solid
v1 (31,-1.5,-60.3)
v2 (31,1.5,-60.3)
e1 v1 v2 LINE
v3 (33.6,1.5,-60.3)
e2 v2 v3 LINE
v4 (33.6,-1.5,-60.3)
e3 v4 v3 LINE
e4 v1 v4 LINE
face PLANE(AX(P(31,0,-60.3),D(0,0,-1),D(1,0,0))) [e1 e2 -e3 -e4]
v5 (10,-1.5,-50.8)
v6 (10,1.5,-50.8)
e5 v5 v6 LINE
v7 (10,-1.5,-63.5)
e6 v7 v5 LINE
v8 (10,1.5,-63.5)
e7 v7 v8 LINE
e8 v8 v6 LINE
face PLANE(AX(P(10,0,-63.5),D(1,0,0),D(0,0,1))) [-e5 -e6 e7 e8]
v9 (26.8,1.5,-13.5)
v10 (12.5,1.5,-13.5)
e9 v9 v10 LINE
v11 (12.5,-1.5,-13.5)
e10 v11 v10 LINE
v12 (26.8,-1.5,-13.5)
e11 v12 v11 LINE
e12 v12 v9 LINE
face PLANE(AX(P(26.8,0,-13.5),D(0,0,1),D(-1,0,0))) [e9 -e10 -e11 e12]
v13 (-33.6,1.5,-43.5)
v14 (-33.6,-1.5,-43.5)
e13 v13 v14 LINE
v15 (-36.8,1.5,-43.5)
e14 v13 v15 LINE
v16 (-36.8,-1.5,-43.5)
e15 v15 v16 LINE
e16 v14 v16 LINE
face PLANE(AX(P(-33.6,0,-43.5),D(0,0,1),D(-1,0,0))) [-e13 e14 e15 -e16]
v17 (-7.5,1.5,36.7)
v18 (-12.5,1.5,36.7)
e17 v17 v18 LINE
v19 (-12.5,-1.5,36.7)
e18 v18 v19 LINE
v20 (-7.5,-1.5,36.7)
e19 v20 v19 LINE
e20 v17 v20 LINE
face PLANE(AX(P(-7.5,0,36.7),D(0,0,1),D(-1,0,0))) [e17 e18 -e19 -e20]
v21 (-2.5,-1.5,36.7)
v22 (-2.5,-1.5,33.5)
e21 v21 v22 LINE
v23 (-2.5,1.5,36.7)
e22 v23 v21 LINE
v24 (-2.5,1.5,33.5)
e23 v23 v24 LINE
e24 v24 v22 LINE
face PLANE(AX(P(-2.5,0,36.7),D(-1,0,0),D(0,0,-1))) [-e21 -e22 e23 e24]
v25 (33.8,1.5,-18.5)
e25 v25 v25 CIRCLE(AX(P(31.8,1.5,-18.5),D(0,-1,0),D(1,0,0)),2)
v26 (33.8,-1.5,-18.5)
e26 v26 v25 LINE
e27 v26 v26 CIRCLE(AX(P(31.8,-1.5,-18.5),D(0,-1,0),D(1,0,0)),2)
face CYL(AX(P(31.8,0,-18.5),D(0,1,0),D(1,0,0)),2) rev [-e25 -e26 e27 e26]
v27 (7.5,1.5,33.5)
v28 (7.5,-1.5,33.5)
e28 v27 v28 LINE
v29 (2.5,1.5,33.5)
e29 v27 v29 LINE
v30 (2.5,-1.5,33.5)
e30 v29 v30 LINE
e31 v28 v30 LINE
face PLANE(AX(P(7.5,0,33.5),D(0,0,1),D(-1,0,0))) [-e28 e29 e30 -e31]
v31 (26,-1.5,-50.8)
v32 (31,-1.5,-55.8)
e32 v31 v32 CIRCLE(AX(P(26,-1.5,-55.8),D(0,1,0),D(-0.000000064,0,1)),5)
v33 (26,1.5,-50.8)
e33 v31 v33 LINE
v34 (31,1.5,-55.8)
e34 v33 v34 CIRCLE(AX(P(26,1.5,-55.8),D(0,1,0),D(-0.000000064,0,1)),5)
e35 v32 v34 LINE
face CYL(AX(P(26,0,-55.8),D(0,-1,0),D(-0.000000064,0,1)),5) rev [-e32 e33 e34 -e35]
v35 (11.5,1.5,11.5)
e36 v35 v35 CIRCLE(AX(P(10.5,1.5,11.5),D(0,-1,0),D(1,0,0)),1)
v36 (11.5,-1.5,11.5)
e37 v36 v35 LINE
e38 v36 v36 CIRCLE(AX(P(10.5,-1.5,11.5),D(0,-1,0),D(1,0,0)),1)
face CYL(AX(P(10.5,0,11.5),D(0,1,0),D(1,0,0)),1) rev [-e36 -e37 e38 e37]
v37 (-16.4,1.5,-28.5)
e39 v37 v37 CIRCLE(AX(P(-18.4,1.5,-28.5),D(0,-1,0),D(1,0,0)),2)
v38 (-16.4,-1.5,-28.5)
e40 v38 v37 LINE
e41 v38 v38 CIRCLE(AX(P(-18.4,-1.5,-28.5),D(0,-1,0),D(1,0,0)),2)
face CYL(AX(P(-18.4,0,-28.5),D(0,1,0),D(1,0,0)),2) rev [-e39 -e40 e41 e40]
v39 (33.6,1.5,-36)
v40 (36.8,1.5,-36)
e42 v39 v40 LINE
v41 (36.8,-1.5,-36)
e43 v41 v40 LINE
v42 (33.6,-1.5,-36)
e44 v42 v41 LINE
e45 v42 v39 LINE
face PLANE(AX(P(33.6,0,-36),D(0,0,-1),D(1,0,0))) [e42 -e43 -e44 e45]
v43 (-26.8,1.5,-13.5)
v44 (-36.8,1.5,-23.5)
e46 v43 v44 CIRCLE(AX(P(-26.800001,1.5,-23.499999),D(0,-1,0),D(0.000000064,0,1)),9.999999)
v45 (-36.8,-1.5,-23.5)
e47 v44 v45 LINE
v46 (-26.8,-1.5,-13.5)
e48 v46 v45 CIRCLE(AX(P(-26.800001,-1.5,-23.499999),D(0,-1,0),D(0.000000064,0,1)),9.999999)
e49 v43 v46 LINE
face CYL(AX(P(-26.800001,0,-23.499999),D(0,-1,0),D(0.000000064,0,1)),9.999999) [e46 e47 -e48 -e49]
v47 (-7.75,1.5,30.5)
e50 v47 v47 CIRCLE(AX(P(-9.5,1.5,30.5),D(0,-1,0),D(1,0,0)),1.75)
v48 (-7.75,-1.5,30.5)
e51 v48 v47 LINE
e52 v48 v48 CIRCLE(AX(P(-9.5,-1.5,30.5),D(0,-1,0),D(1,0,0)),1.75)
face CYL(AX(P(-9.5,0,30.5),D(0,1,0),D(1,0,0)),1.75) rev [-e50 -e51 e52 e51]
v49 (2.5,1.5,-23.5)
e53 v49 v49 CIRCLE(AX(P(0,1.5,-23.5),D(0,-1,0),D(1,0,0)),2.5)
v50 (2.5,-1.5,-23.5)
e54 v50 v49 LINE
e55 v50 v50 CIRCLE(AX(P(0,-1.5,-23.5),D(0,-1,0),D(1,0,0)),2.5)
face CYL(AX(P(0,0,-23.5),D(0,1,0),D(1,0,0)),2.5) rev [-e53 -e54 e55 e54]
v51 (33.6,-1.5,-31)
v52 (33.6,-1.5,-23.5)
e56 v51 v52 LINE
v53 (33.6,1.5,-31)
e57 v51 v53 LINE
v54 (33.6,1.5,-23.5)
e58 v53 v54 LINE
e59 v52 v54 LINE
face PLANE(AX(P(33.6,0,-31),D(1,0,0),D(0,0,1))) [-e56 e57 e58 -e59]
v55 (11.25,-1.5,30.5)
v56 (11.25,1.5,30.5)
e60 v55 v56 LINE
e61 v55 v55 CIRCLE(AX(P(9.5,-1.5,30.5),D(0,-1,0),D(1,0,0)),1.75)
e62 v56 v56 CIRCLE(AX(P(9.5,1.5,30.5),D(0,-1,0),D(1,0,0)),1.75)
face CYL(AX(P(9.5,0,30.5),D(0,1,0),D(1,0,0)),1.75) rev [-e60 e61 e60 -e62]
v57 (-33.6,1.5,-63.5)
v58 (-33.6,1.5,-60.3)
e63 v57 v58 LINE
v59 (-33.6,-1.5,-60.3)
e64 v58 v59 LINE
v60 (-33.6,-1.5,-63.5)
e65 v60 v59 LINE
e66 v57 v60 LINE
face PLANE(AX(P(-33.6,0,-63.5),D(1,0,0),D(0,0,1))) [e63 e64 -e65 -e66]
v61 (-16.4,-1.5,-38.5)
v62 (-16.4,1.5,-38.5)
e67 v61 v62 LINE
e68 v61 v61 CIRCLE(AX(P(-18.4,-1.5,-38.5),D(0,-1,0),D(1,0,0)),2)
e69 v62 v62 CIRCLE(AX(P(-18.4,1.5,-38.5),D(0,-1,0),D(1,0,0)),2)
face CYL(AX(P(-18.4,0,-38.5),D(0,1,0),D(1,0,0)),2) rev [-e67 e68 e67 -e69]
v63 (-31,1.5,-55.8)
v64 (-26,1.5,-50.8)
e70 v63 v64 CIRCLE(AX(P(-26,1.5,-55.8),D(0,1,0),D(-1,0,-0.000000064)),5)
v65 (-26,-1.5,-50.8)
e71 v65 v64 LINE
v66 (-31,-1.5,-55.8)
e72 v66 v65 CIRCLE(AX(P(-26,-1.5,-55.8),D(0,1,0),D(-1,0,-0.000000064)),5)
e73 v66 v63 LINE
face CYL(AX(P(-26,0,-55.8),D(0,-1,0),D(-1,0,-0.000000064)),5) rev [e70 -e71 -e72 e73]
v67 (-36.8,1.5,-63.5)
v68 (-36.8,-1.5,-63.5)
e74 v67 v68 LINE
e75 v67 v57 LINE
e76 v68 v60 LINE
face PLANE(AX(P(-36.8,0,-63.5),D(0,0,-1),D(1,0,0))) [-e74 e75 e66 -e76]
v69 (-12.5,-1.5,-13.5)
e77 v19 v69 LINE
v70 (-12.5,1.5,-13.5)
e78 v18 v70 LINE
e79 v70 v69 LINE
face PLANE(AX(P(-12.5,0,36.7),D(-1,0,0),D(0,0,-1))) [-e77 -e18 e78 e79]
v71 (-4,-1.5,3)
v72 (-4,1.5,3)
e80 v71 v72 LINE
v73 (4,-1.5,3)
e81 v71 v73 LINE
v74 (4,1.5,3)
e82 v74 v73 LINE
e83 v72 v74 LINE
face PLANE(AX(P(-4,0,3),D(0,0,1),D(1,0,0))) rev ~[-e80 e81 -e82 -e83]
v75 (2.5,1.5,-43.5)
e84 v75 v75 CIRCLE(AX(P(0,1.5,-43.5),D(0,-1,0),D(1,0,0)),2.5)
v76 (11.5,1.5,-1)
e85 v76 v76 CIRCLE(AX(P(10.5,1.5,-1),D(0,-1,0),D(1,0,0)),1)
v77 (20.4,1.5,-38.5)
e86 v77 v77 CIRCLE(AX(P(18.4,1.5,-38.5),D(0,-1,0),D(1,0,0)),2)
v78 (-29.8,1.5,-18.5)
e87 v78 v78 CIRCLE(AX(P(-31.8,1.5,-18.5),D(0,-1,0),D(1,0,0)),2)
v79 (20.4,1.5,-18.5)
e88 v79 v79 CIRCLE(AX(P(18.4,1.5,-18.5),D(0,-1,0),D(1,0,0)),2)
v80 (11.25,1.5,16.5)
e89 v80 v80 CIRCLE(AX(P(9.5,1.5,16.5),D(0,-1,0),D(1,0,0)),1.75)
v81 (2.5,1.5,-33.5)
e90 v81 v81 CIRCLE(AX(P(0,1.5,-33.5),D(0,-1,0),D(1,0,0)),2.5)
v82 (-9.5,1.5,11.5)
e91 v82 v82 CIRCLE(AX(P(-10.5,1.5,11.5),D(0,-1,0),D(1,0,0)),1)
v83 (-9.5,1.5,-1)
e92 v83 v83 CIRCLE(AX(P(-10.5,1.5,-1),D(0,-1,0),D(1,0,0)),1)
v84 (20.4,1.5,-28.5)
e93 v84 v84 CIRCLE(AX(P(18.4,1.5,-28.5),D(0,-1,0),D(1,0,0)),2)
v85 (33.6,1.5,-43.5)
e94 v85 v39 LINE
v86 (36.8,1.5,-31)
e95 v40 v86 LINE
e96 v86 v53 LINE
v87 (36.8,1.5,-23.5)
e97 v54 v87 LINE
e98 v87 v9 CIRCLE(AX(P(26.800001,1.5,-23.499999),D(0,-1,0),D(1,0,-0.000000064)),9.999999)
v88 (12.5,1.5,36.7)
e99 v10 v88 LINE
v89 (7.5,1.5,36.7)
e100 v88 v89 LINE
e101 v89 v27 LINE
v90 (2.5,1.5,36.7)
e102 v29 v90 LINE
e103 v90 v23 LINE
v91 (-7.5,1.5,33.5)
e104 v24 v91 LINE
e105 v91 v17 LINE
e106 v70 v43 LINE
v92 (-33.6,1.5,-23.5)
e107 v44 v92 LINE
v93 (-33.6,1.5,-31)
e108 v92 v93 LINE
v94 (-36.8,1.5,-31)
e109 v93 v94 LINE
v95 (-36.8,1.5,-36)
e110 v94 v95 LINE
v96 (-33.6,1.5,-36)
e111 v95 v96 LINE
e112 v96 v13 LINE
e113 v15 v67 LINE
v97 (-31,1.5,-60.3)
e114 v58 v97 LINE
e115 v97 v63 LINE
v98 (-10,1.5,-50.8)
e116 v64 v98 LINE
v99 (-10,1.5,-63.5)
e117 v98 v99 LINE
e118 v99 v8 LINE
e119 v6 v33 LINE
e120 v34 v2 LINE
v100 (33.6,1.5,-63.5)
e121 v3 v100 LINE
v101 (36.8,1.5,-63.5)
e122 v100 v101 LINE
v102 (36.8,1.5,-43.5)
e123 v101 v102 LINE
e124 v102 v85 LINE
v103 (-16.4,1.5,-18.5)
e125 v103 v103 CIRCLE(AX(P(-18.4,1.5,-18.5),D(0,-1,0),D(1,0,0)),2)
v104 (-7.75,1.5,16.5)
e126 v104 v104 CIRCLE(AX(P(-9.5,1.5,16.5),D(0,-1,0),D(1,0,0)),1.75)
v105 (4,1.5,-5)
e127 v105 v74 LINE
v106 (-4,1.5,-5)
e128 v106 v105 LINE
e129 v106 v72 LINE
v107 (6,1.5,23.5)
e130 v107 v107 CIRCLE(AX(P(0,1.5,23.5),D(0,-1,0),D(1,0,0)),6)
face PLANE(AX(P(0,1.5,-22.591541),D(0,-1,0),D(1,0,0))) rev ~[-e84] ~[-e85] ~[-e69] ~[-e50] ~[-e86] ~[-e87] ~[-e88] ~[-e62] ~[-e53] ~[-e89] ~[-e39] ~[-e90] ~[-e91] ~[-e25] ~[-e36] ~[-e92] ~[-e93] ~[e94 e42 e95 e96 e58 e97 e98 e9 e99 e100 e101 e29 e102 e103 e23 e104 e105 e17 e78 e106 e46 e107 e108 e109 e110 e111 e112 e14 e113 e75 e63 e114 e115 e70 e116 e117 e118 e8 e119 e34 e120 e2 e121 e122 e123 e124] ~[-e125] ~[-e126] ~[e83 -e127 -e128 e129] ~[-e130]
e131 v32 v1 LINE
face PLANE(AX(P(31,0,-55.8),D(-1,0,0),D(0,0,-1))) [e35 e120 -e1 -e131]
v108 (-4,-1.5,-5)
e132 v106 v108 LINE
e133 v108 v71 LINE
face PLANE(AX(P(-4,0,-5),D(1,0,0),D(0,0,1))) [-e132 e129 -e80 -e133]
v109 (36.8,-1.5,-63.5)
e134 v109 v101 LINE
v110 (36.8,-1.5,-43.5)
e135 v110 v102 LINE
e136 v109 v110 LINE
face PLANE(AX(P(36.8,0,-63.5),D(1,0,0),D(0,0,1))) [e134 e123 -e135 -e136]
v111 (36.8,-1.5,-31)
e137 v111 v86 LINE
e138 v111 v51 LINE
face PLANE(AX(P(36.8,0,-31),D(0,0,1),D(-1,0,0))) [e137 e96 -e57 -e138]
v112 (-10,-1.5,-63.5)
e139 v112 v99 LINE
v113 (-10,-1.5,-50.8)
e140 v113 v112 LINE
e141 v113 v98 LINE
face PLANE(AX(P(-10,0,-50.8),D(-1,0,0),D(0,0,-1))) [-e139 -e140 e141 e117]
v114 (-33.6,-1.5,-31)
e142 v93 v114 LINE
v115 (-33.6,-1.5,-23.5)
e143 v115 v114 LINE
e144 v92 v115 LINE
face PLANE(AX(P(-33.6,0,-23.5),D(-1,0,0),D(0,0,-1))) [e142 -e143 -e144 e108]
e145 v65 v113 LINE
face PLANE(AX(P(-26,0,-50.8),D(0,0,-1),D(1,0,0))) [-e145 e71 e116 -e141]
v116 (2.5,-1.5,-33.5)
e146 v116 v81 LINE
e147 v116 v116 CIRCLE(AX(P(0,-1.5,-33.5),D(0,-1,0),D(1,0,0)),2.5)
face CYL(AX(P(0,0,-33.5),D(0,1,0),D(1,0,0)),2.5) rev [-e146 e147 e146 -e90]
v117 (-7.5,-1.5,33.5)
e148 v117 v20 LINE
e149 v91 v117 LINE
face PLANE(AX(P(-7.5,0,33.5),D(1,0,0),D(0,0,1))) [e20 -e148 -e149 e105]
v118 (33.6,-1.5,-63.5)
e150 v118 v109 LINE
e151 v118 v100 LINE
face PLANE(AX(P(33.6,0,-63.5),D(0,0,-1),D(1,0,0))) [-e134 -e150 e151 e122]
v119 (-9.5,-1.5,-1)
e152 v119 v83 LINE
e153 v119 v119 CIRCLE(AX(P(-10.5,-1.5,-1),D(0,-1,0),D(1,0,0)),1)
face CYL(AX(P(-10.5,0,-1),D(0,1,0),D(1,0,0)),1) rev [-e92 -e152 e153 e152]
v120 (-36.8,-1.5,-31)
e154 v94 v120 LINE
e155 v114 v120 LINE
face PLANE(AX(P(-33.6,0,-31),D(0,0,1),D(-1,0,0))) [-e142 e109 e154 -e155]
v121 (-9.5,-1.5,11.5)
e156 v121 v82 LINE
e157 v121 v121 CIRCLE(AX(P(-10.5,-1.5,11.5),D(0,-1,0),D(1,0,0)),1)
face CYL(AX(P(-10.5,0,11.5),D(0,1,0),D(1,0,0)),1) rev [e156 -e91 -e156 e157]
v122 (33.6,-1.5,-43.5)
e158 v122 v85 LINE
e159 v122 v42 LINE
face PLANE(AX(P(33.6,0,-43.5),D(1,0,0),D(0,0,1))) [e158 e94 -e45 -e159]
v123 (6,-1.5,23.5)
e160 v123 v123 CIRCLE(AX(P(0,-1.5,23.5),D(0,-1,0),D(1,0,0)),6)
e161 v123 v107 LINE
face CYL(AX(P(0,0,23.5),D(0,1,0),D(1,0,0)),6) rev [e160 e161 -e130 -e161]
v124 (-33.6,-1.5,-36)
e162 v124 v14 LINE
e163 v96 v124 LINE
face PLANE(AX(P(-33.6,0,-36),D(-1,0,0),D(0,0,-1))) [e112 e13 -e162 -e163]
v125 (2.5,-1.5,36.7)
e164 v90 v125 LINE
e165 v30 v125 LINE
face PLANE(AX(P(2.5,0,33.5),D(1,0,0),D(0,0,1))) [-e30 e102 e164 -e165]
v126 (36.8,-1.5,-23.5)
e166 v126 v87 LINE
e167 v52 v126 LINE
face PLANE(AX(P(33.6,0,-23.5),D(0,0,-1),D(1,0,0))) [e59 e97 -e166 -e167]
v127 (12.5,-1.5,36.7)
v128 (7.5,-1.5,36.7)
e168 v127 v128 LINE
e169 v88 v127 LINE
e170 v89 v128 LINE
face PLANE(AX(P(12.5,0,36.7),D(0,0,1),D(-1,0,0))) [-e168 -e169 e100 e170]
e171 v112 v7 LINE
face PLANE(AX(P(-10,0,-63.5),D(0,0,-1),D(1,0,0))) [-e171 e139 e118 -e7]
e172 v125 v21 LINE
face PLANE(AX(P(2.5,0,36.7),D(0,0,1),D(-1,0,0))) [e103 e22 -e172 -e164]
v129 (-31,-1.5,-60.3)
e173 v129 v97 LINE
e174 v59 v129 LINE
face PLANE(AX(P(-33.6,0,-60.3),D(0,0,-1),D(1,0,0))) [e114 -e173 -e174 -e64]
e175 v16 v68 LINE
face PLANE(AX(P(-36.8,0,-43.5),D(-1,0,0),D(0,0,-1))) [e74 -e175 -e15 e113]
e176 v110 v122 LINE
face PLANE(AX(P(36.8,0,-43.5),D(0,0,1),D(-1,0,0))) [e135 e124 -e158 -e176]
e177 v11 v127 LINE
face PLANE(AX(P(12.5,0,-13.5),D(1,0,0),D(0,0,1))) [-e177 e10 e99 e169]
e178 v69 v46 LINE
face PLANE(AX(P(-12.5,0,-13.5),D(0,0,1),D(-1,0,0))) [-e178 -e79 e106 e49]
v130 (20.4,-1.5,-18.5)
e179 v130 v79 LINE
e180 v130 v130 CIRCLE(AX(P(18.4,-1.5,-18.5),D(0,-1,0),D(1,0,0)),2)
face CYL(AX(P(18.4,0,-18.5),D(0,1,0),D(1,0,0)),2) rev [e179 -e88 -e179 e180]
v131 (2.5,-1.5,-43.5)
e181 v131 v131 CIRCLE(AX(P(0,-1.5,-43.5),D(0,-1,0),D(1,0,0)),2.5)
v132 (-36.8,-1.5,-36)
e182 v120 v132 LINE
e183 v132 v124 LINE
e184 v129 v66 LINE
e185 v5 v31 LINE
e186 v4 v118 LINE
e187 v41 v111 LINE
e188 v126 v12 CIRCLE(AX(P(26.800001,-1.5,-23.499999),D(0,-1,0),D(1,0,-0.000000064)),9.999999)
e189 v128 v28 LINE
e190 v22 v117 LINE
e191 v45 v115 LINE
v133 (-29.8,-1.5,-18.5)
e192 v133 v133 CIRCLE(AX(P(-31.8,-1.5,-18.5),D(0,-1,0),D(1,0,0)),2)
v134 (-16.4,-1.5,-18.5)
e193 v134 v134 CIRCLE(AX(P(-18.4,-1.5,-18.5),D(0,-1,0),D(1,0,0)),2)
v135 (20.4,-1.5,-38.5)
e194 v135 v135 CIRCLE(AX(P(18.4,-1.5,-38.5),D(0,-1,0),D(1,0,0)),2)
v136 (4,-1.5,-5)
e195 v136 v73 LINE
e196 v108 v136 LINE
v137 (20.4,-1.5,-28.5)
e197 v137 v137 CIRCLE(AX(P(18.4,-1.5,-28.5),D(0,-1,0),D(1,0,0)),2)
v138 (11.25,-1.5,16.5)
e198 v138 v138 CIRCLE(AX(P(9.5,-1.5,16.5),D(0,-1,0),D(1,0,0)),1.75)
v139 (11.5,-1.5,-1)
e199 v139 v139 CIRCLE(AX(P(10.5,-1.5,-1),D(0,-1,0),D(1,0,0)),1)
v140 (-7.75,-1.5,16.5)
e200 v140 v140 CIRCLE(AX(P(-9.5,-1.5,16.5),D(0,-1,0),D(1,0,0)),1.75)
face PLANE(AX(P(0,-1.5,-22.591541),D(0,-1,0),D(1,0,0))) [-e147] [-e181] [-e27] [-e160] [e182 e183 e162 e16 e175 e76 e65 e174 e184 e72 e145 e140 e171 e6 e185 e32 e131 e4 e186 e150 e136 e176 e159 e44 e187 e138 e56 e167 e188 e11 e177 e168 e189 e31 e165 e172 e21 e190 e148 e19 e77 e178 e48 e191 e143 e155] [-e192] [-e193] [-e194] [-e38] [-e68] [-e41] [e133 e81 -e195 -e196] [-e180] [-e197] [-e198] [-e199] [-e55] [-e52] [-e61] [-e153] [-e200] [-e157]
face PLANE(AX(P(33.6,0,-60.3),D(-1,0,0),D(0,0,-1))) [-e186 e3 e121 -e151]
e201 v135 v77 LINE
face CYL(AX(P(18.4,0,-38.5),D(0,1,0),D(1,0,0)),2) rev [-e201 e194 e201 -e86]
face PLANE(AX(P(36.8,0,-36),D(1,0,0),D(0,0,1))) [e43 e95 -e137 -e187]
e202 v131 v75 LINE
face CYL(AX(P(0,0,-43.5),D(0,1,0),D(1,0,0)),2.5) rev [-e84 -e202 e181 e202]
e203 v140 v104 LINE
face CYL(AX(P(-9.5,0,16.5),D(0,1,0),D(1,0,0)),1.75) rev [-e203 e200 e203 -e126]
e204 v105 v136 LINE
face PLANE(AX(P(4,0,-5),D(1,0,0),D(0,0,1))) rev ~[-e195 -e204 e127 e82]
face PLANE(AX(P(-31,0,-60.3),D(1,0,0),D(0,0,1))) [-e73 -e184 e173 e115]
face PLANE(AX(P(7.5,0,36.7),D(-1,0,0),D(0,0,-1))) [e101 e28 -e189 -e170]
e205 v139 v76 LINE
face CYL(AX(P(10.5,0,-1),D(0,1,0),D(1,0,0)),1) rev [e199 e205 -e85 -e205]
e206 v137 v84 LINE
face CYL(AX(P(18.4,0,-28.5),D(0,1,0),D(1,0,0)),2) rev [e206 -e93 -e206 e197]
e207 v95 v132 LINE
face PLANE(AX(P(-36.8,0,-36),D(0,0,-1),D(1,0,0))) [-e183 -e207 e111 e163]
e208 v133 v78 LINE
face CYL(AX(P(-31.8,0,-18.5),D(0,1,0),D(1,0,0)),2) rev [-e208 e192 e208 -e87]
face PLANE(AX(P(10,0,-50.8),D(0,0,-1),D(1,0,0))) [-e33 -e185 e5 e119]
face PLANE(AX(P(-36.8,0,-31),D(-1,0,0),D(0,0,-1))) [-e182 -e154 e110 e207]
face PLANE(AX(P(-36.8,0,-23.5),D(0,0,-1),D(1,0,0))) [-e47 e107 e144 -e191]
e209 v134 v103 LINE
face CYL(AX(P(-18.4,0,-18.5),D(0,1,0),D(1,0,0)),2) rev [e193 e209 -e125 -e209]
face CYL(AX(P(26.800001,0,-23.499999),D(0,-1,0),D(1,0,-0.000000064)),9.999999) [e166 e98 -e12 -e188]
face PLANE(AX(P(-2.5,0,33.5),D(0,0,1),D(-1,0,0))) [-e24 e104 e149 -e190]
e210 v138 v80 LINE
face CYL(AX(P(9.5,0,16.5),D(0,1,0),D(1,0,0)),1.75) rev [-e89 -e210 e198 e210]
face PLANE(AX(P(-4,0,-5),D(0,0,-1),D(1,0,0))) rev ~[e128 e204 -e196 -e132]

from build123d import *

# Parameters (mm, degrees)
F0_R     = 2
F0_R_2   = 2.5
F0_R_3   = 1
F0_R_4   = 1.75
F0_W     = 8
F0_H     = 8
F0_R_5   = 6
F1_DEPTH = 1.5


with BuildPart() as f1:
    # F0 (on Front) → F1 (new body, symmetric)
    with BuildSketch(Plane.XZ):
        with BuildLine():
            Line((12.5, -13.5), (12.5, 13.5))
            Line((12.5, 13.5), (12.5, 33.5))
            Line((12.5, 33.5), (12.5, 36.7))
            Line((12.5, 36.7), (7.5, 36.7))
            Line((7.5, 36.7), (7.5, 33.5))
            Line((7.5, 33.5), (2.5, 33.5))
            Line((2.5, 33.5), (2.5, 36.7))
            Line((2.5, 36.7), (-2.5, 36.7))
            Line((-2.5, 36.7), (-2.5, 33.5))
            Line((-2.5, 33.5), (-7.5, 33.5))
            Line((-7.5, 33.5), (-7.5, 36.7))
            Line((-7.5, 36.7), (-12.5, 36.7))
            Line((-12.5, 36.7), (-12.5, 33.5))
            Line((-12.5, 33.5), (-12.5, 13.5))
            Line((-12.5, 13.5), (-12.5, -13.5))
            Line((-12.5, -13.5), (-26.8, -13.5))
            ThreePointArc((-26.8, -13.5), (-33.871068, -16.428932), (-36.8, -23.5))
            Line((-36.8, -23.5), (-33.6, -23.5))
            Line((-33.6, -23.5), (-33.6, -31))
            Line((-33.6, -31), (-36.8, -31))
            Line((-36.8, -31), (-36.8, -36))
            Line((-36.8, -36), (-33.6, -36))
            Line((-33.6, -36), (-33.6, -43.5))
            Line((-33.6, -43.5), (-36.8, -43.5))
            Line((-36.8, -43.5), (-36.8, -60.3))
            Line((-36.8, -60.3), (-36.8, -63.5))
            Line((-36.8, -63.5), (-33.6, -63.5))
            Line((-33.6, -63.5), (-33.6, -60.3))
            Line((-33.6, -60.3), (-32.5, -60.3))
            Line((-32.5, -60.3), (-31, -60.3))
            Line((-31, -60.3), (-31, -55.8))
            ThreePointArc((-31, -55.8), (-29.535534, -52.264466), (-26, -50.8))
            Line((-26, -50.8), (-10, -50.8))
            Line((-10, -50.8), (-10, -60.3))
            Line((-10, -60.3), (-10, -63.5))
            Line((-10, -63.5), (10, -63.5))
            Line((10, -63.5), (10, -60.3))
            Line((10, -60.3), (10, -50.8))
            Line((10, -50.8), (26, -50.8))
            ThreePointArc((26, -50.8), (29.535534, -52.264466), (31, -55.8))
            Line((31, -55.8), (31, -60.3))
            Line((31, -60.3), (32.5, -60.3))
            Line((32.5, -60.3), (33.6, -60.3))
            Line((33.6, -60.3), (33.6, -63.5))
            Line((33.6, -63.5), (36.8, -63.5))
            Line((36.8, -63.5), (36.8, -60.3))
            Line((36.8, -60.3), (36.8, -43.5))
            Line((36.8, -43.5), (33.6, -43.5))
            Line((33.6, -43.5), (33.6, -36))
            Line((33.6, -36), (36.8, -36))
            Line((36.8, -36), (36.8, -31))
            Line((36.8, -31), (33.6, -31))
            Line((33.6, -31), (33.6, -23.5))
            Line((33.6, -23.5), (36.8, -23.5))
            ThreePointArc((36.8, -23.5), (33.871068, -16.428932), (26.8, -13.5))
            Line((26.8, -13.5), (12.5, -13.5))
        make_face()
        with Locations((-18.4, -38.5)):
            Circle(F0_R, mode=Mode.SUBTRACT)
        with Locations((-31.8, -18.5)):
            Circle(F0_R, mode=Mode.SUBTRACT)
        with Locations((-18.4, -28.5)):
            Circle(F0_R, mode=Mode.SUBTRACT)
        with Locations((-18.4, -18.5)):
            Circle(F0_R, mode=Mode.SUBTRACT)
        with Locations((0, -43.5)):
            Circle(F0_R_2, mode=Mode.SUBTRACT)
        with Locations((18.4, -38.5)):
            Circle(F0_R, mode=Mode.SUBTRACT)
        with Locations((0, -33.5)):
            Circle(F0_R_2, mode=Mode.SUBTRACT)
        with Locations((0, -23.5)):
            Circle(F0_R_2, mode=Mode.SUBTRACT)
        with Locations((18.4, -28.5)):
            Circle(F0_R, mode=Mode.SUBTRACT)
        with Locations((18.4, -18.5)):
            Circle(F0_R, mode=Mode.SUBTRACT)
        with Locations((31.8, -18.5)):
            Circle(F0_R, mode=Mode.SUBTRACT)
        with Locations((-10.5, -1)):
            Circle(F0_R_3, mode=Mode.SUBTRACT)
        with Locations((-10.5, 11.5)):
            Circle(F0_R_3, mode=Mode.SUBTRACT)
        with Locations((-9.5, 16.5)):
            Circle(F0_R_4, mode=Mode.SUBTRACT)
        with Locations((-9.5, 30.5)):
            Circle(F0_R_4, mode=Mode.SUBTRACT)
        with Locations((0, -1)):
            Rectangle(F0_W, F0_H, mode=Mode.SUBTRACT)
        with Locations((10.5, -1)):
            Circle(F0_R_3, mode=Mode.SUBTRACT)
        with Locations((10.5, 11.5)):
            Circle(F0_R_3, mode=Mode.SUBTRACT)
        with Locations((0, 23.5)):
            Circle(F0_R_5, mode=Mode.SUBTRACT)
        with Locations((9.5, 16.5)):
            Circle(F0_R_4, mode=Mode.SUBTRACT)
        with Locations((9.5, 30.5)):
            Circle(F0_R_4, mode=Mode.SUBTRACT)
    extrude(amount=F1_DEPTH, both=True)


solid = f1.part
